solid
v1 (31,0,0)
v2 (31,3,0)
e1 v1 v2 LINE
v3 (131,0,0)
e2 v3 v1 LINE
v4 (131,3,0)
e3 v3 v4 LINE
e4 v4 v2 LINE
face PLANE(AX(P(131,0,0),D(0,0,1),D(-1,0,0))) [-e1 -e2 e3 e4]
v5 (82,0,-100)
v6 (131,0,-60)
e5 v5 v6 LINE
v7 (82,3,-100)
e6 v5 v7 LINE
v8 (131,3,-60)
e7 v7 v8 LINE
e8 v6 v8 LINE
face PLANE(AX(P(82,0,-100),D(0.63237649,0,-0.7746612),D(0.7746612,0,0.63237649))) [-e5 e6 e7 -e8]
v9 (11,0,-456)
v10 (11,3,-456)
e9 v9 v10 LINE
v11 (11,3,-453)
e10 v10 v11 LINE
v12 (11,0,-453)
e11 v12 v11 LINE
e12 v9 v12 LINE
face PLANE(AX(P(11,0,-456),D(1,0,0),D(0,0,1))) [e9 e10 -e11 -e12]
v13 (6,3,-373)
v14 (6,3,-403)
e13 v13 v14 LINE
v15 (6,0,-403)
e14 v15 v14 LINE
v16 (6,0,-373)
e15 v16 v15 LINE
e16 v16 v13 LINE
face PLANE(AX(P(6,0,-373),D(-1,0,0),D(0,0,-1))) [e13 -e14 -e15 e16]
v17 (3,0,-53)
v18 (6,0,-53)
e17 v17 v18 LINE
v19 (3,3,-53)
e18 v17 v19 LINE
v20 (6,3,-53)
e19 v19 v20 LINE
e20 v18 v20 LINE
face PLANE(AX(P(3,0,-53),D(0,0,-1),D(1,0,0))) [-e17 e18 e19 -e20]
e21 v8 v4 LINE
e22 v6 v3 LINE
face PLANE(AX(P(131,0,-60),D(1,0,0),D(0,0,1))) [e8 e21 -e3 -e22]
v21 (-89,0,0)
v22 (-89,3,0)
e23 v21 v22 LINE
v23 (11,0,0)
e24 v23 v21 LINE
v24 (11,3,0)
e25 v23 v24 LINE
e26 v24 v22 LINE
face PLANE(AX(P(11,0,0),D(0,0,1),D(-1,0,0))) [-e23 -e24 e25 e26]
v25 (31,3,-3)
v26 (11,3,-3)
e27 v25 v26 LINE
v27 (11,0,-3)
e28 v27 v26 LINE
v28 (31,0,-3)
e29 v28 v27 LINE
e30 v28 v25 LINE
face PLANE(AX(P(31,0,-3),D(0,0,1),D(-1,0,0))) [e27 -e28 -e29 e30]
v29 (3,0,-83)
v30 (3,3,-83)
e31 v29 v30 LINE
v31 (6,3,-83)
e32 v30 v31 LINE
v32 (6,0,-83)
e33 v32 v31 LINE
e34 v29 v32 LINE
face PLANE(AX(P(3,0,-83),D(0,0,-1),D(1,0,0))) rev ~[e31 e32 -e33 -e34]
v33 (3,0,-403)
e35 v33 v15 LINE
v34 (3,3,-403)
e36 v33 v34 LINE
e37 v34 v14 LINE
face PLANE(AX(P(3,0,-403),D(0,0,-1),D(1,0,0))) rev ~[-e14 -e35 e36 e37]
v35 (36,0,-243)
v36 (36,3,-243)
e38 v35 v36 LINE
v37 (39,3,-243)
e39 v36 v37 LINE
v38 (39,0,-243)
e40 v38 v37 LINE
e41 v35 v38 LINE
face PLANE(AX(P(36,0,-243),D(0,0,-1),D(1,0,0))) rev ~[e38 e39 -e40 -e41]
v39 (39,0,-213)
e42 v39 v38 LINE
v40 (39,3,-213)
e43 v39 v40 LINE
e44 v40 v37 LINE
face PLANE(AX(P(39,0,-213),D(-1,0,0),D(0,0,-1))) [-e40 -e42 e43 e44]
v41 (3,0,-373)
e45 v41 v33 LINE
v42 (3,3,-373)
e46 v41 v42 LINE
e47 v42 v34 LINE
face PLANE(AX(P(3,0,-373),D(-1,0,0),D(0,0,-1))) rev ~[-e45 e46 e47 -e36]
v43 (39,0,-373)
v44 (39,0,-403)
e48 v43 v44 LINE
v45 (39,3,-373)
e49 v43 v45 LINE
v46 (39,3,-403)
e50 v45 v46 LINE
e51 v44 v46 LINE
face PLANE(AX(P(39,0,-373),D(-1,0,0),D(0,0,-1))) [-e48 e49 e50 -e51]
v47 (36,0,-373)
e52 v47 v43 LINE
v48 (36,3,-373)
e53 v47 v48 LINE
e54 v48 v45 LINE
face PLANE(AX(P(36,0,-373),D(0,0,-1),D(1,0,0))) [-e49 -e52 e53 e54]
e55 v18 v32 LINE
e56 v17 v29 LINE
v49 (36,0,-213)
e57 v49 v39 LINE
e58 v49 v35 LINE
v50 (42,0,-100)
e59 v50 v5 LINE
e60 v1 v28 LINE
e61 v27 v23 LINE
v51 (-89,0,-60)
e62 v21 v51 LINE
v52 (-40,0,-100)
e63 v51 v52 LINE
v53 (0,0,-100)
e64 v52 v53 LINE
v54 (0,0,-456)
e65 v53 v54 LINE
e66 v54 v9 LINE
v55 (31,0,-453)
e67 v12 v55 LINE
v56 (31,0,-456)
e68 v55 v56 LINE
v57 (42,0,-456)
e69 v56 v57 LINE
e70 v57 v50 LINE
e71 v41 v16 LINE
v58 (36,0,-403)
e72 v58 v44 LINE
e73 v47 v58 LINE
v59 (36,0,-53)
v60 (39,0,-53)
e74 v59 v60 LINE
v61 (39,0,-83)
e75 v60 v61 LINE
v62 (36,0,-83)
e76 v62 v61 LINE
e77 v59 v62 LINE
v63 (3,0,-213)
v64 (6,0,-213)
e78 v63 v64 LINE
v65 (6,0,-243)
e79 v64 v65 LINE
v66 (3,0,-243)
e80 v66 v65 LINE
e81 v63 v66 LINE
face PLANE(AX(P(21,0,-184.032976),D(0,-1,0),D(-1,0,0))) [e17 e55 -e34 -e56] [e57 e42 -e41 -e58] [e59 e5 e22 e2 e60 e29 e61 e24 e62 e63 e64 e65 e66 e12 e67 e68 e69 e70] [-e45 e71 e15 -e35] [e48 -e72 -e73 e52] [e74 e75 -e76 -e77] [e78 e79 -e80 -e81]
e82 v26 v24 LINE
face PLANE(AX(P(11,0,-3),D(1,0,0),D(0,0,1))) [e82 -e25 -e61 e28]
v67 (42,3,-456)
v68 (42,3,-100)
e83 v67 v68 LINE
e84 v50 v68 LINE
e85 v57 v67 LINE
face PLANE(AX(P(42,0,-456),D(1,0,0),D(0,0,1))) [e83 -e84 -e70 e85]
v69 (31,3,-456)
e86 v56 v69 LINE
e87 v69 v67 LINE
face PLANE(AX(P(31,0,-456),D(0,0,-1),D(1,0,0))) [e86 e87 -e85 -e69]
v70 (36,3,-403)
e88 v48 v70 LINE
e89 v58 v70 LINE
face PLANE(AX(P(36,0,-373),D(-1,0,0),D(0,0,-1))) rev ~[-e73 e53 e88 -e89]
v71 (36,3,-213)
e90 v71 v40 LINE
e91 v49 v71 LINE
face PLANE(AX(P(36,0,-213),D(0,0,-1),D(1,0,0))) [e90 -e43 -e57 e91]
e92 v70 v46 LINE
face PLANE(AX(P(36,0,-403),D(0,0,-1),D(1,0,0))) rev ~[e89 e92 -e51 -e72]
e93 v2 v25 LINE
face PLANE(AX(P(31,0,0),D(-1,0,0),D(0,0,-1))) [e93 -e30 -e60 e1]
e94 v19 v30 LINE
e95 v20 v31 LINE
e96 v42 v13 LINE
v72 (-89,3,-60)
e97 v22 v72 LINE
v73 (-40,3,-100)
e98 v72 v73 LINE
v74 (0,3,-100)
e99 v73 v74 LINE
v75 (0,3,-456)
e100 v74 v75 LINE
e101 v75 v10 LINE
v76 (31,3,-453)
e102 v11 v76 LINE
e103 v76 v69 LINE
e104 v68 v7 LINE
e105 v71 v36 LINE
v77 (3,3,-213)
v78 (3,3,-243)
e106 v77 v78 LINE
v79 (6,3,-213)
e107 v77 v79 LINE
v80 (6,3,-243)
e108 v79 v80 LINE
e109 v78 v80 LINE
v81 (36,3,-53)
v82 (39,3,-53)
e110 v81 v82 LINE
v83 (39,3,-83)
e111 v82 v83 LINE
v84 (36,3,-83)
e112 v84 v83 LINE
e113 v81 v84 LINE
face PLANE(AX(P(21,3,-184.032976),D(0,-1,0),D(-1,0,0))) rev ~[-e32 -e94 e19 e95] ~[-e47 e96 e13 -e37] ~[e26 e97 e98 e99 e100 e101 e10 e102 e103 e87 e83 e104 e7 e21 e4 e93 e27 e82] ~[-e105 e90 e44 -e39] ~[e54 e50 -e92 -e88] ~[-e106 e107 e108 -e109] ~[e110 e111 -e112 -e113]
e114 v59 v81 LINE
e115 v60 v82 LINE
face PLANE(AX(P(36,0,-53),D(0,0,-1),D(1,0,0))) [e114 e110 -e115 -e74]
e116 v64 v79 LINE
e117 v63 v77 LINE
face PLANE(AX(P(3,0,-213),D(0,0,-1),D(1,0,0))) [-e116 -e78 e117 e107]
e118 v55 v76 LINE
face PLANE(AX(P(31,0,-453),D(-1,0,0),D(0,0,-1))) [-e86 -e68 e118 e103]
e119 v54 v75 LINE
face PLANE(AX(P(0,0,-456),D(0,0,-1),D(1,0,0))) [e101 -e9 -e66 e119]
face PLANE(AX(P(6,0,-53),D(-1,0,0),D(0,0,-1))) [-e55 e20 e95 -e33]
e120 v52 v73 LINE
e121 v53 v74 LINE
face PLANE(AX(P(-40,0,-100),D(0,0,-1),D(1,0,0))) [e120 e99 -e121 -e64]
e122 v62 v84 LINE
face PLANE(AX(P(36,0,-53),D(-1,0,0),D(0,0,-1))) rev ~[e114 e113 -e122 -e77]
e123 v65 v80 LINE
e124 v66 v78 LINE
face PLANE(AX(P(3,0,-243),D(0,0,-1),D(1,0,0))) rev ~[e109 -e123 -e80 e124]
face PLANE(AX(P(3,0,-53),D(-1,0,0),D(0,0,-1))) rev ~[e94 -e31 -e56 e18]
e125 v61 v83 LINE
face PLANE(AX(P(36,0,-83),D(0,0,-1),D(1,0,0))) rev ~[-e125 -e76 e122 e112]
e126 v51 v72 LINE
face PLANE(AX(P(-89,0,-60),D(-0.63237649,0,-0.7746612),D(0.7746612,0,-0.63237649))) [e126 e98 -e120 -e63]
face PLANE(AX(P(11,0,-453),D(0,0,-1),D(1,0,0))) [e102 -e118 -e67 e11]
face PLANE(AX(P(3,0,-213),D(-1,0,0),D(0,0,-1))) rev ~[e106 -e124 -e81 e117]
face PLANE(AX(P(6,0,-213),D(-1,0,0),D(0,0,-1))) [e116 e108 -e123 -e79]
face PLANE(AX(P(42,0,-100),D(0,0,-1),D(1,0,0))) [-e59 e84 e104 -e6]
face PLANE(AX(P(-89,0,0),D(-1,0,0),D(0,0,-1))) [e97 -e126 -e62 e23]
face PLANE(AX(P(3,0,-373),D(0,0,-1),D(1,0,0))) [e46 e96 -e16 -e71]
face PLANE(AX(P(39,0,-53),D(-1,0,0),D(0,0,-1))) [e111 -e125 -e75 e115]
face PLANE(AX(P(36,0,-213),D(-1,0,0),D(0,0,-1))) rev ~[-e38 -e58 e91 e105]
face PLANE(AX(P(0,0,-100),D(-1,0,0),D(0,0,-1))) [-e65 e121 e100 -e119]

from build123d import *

# Parameters (mm, degrees)
SKETCH1_W           = 3
SKETCH1_H           = 30
BOSS_EXTRUDE1_DEPTH = 3


with BuildPart() as part:
    # Sketch1 → Boss-Extrude1 (new body)
    with BuildSketch(Plane(origin=(0, 0, 0), x_dir=(1, 0, 0), z_dir=(0, 1, 0))):
        Polygon((31, 456), (42, 456), (42, 100), (82, 100), (131, 60), (131, 0), (31, 0), (31, 3), (11, 3), (11, 0), (-89, 0), (-89, 60), (-40, 100), (0, 100), (0, 456), (11, 456), (11, 453), (31, 453), align=None)
        with Locations((37.5, 68)):
            Rectangle(SKETCH1_W, SKETCH1_H, mode=Mode.SUBTRACT)
        with Locations((37.5, 228)):
            Rectangle(SKETCH1_W, SKETCH1_H, mode=Mode.SUBTRACT)
        with Locations((37.5, 388)):
            Rectangle(SKETCH1_W, SKETCH1_H, mode=Mode.SUBTRACT)
        with Locations((4.5, 68)):
            Rectangle(SKETCH1_W, SKETCH1_H, mode=Mode.SUBTRACT)
        with Locations((4.5, 228)):
            Rectangle(SKETCH1_W, SKETCH1_H, mode=Mode.SUBTRACT)
        with Locations((4.5, 388)):
            Rectangle(SKETCH1_W, SKETCH1_H, mode=Mode.SUBTRACT)
    extrude(amount=BOSS_EXTRUDE1_DEPTH)


solid = part.part
